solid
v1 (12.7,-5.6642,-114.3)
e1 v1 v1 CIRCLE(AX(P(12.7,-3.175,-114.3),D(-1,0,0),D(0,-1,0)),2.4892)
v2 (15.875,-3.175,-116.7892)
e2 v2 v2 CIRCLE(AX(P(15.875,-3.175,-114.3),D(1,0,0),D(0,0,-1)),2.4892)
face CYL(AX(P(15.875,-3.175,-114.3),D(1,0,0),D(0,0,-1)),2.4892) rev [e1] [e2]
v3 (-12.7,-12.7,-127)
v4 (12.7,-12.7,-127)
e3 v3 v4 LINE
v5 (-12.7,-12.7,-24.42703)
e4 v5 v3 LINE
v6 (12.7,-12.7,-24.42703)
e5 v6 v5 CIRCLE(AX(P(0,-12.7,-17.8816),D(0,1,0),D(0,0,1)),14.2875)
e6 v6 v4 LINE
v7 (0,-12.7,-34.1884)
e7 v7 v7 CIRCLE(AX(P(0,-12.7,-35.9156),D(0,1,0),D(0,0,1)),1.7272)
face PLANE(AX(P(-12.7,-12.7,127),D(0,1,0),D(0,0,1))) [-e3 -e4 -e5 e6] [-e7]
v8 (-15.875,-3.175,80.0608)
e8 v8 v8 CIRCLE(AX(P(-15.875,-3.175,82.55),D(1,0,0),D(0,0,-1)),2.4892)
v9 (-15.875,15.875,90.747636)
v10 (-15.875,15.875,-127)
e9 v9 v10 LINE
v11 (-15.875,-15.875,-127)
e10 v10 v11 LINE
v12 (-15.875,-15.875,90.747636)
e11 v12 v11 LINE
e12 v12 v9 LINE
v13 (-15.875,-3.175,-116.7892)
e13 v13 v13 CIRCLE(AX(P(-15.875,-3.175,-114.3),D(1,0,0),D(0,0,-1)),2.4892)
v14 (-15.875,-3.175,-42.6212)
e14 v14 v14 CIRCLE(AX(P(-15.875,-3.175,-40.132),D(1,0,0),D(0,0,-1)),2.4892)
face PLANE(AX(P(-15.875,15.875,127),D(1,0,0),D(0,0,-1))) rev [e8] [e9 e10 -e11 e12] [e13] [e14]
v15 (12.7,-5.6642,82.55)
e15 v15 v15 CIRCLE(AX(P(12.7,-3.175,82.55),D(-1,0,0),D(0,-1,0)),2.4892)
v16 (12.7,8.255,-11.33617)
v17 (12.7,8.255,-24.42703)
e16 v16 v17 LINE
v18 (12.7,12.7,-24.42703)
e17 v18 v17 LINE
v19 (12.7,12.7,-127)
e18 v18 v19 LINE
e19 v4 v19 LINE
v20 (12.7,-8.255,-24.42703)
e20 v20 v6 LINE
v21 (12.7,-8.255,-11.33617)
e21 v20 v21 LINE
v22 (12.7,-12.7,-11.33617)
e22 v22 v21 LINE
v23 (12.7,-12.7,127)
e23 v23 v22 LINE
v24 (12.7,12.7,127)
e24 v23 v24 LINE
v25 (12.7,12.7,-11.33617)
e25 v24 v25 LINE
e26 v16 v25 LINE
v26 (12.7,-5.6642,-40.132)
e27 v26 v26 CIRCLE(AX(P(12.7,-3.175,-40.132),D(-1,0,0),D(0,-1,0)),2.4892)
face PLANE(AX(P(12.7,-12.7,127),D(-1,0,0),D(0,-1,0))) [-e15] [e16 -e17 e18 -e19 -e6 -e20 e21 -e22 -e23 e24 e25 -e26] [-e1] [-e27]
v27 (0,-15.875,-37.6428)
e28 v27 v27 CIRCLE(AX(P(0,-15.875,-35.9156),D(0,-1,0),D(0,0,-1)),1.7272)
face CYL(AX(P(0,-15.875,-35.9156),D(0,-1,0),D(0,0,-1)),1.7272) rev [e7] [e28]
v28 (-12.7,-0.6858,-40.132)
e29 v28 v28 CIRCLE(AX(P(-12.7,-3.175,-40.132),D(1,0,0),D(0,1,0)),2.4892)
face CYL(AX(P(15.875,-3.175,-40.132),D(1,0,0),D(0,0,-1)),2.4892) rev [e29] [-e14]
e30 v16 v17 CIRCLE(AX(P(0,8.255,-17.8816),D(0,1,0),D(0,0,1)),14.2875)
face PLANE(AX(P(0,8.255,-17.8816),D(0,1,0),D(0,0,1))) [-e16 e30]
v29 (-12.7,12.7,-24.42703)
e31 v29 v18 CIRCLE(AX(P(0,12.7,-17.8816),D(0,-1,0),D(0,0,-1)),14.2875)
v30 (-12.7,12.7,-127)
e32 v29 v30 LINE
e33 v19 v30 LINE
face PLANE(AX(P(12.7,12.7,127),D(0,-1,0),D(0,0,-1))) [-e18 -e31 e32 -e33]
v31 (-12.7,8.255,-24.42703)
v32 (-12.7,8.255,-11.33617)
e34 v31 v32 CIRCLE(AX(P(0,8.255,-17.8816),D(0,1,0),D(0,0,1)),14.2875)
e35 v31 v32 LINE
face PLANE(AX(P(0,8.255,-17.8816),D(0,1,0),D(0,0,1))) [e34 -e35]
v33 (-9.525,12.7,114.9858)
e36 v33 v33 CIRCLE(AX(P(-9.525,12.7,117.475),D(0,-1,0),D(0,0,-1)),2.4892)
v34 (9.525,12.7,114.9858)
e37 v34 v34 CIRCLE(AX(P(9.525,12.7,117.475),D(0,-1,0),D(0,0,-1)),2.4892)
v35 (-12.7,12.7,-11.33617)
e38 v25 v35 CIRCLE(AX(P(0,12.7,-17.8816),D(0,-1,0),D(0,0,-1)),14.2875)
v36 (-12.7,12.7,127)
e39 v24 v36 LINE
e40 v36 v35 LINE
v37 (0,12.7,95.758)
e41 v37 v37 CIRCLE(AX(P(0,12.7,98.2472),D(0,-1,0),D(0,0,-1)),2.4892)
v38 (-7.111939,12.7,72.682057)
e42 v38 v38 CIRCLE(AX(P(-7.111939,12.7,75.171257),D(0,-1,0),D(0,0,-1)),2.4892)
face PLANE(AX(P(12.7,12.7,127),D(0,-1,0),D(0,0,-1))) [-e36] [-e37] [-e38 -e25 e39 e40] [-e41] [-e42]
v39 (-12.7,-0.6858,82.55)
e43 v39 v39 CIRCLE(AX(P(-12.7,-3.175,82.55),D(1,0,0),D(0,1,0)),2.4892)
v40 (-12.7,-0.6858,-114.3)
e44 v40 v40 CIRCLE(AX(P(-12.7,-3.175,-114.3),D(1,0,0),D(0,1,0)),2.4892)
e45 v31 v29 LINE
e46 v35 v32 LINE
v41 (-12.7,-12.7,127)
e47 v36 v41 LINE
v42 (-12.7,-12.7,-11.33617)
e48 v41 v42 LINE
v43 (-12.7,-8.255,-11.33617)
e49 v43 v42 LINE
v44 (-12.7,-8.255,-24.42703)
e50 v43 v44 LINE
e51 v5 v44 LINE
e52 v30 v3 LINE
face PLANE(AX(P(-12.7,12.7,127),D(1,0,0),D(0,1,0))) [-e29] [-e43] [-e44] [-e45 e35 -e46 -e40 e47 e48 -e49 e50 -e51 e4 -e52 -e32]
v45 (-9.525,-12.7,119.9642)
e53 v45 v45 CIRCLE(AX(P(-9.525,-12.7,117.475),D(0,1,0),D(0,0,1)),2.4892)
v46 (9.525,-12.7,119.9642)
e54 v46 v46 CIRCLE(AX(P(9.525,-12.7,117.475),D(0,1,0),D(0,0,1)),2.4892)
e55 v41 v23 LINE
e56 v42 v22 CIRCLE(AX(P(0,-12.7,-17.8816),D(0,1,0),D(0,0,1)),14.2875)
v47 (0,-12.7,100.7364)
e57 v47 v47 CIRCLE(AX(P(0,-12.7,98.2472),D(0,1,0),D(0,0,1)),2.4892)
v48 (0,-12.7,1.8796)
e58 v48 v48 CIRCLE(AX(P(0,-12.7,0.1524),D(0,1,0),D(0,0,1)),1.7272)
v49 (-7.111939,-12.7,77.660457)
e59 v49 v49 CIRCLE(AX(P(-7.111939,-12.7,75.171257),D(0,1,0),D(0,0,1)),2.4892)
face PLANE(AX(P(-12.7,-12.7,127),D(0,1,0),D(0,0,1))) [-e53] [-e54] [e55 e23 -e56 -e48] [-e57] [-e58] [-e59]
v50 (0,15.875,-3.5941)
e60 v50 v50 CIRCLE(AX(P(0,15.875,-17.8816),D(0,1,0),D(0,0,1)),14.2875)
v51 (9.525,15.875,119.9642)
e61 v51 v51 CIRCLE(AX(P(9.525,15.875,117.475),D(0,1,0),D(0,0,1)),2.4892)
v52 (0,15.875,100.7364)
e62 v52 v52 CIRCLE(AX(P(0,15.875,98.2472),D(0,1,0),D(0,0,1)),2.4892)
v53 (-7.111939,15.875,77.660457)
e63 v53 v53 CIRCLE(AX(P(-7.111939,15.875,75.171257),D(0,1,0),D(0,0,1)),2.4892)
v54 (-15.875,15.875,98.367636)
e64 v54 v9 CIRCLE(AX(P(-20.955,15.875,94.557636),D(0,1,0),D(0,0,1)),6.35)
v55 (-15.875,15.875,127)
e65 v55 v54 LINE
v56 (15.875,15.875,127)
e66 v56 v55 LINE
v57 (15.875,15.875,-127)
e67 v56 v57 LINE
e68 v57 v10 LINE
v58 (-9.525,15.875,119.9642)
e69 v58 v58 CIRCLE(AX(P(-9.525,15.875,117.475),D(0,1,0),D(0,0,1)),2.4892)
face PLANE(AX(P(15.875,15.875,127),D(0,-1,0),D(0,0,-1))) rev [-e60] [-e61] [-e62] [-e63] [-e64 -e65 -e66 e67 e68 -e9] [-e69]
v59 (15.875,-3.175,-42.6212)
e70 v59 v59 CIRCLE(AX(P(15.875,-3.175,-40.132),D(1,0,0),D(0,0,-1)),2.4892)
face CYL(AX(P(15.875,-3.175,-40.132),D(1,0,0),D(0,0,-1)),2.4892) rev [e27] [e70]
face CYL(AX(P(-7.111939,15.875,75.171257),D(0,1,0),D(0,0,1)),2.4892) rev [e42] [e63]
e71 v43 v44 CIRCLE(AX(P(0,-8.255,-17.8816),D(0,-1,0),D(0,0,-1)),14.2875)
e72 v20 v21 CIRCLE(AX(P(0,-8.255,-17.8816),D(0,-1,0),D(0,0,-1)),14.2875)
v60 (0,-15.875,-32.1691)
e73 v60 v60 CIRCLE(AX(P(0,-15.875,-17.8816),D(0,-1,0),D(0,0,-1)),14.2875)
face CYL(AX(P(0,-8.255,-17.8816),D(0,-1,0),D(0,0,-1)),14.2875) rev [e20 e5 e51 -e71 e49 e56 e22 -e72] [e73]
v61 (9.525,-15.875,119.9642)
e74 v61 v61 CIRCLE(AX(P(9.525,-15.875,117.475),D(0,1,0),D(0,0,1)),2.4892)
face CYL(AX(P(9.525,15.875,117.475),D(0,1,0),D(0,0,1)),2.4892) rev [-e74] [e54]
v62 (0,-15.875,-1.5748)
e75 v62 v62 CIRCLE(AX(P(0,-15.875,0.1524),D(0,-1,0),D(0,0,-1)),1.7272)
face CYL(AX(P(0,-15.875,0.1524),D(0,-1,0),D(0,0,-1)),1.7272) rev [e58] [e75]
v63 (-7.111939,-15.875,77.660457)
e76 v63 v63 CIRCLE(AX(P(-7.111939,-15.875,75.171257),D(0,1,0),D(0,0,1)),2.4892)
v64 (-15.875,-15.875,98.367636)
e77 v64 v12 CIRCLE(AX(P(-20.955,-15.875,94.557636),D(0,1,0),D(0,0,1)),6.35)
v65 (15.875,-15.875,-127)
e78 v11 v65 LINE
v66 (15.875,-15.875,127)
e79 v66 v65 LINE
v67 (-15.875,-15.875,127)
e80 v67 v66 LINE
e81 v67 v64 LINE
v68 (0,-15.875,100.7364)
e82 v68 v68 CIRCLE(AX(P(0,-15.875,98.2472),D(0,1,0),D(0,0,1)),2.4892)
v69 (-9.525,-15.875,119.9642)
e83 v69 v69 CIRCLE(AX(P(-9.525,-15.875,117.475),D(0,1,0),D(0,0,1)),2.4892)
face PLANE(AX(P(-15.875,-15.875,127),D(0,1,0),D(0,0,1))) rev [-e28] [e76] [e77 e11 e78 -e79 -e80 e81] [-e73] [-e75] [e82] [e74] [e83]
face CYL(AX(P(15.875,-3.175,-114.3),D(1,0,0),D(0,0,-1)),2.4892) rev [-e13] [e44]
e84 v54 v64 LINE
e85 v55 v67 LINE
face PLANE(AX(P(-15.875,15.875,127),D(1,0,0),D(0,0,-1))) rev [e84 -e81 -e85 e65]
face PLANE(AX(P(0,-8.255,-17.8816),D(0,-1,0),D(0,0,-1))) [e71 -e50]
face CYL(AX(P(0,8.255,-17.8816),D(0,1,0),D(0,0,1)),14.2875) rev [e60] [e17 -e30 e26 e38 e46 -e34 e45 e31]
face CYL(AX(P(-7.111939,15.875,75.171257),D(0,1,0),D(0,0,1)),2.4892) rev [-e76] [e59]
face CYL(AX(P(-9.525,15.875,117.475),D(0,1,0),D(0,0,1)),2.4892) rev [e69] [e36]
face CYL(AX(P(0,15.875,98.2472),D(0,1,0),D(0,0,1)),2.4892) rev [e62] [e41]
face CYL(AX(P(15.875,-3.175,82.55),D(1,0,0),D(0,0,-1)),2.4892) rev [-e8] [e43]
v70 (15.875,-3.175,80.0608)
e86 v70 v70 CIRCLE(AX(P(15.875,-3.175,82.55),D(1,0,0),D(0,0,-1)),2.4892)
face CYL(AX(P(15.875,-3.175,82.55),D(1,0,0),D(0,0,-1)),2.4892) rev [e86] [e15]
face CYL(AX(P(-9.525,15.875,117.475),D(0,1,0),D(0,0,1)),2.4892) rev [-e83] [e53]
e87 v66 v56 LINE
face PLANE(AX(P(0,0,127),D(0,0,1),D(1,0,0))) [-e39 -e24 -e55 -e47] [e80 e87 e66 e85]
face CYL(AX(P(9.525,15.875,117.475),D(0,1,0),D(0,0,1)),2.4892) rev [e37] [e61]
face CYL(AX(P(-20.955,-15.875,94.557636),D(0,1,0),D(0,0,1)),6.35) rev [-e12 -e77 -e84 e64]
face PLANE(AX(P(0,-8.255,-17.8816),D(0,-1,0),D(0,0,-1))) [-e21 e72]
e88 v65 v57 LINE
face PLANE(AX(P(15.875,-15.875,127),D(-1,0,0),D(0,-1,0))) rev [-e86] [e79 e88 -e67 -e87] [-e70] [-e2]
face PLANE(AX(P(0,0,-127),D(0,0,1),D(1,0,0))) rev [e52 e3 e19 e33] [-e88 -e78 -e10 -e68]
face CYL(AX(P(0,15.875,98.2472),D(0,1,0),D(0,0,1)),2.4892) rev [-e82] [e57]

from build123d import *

# Parameters (mm, degrees)
BOSS_EXTRUDE1_DEPTH           = 127
BOSS_EXTRUDE1_DEPTH_BACK      = 127
SKETCH3_W                     = 31.75
SKETCH3_H                     = 31.75
SKETCH3_W_2                   = 25.4
SKETCH3_H_2                   = 25.4
F_10_CLEARANCE_HOLE1_D        = 4.9784
SKETCH7_R                     = 14.2875
CUT_EXTRUDE1_DEPTH            = 7.62
CUT_EXTRUDE2_START            = -7.62
SKETCH8_R                     = 14.2875
CUT_EXTRUDE2_DEPTH            = 7.62
F_10_CLEARANCE_HOLE2_D        = 4.9784
SKETCH12_R                    = 6.35
CUT_EXTRUDE3_DEPTH            = 132.867653824
TAP_DRILL_FOR_8_32_TAP1_D     = 3.4544
TAP_DRILL_FOR_8_32_TAP1_DEPTH = 5.08
TAP_DRILL_FOR_8_32_TAP1_TIP   = 1.037806461


with BuildPart() as part:
    # Sketch3 → Boss-Extrude1 (new, two sides: drawn at the far end of the back side and taken through both)
    with BuildSketch(Plane.XY.offset(-BOSS_EXTRUDE1_DEPTH_BACK)):
        Rectangle(SKETCH3_W, SKETCH3_H)
        Rectangle(SKETCH3_W_2, SKETCH3_H_2, mode=Mode.SUBTRACT)
    extrude(amount=BOSS_EXTRUDE1_DEPTH + BOSS_EXTRUDE1_DEPTH_BACK)

    # #10 Clearance Hole1 (through all)
    with Locations(Plane(origin=(0, 15.875, 0), x_dir=(1, 0, 0), z_dir=(0, 1, 0))):
        with Locations((-9.525, -117.475), (9.525, -117.475), (0, -98.247200001), (-7.111939052, -75.171256705)):
            Hole(F_10_CLEARANCE_HOLE1_D / 2)

    # Sketch7 → Cut-Extrude1 (cut)
    with BuildSketch(Plane(origin=(0, 15.875, 0), x_dir=(1, 0, 0), z_dir=(0, 1, 0))):
        with Locations(Location((0, 17.8816, 0), (0, 0, 270))):
            Circle(SKETCH7_R)
    extrude(amount=-CUT_EXTRUDE1_DEPTH, mode=Mode.SUBTRACT)

    # Sketch8 → Cut-Extrude2 (cut)
    with BuildSketch(Plane.XZ.offset(15.875).offset(CUT_EXTRUDE2_START)):
        with Locations(Location((0, -17.8816, 0), (0, 0, 90))):
            Circle(SKETCH8_R)
    extrude(amount=CUT_EXTRUDE2_DEPTH, mode=Mode.SUBTRACT)

    # #10 Clearance Hole2 (through all)
    with Locations(Plane(origin=(15.875, 0, 0), x_dir=(0, 0, -1), z_dir=(1, 0, 0))):
        with Locations((-82.55, -3.175), (114.3, -3.175), (40.132, -3.175)):
            Hole(F_10_CLEARANCE_HOLE2_D / 2)

    # Sketch12 → Cut-Extrude3 (cut, through all)
    with BuildSketch(Plane(origin=(0, 15.875, 0), x_dir=(1, 0, 0), z_dir=(0, 1, 0))):
        with Locations((-20.955, -94.557636183)):
            Circle(SKETCH12_R)
    extrude(amount=-CUT_EXTRUDE3_DEPTH, mode=Mode.SUBTRACT)

    # Tap Drill for #8-32 Tap1
    with Locations(Plane(origin=(0, -15.875, 0), x_dir=(-1, 0, 0), z_dir=(0, -1, 0))):
        with Locations((0, 35.9156), (0, -0.1524)):
            Hole(TAP_DRILL_FOR_8_32_TAP1_D / 2, depth=TAP_DRILL_FOR_8_32_TAP1_DEPTH)
            with Locations((0, 0, -(TAP_DRILL_FOR_8_32_TAP1_DEPTH + TAP_DRILL_FOR_8_32_TAP1_TIP / 2))):  # 118° drill point
                Cone(0, TAP_DRILL_FOR_8_32_TAP1_D / 2, TAP_DRILL_FOR_8_32_TAP1_TIP, mode=Mode.SUBTRACT)


solid = part.part
